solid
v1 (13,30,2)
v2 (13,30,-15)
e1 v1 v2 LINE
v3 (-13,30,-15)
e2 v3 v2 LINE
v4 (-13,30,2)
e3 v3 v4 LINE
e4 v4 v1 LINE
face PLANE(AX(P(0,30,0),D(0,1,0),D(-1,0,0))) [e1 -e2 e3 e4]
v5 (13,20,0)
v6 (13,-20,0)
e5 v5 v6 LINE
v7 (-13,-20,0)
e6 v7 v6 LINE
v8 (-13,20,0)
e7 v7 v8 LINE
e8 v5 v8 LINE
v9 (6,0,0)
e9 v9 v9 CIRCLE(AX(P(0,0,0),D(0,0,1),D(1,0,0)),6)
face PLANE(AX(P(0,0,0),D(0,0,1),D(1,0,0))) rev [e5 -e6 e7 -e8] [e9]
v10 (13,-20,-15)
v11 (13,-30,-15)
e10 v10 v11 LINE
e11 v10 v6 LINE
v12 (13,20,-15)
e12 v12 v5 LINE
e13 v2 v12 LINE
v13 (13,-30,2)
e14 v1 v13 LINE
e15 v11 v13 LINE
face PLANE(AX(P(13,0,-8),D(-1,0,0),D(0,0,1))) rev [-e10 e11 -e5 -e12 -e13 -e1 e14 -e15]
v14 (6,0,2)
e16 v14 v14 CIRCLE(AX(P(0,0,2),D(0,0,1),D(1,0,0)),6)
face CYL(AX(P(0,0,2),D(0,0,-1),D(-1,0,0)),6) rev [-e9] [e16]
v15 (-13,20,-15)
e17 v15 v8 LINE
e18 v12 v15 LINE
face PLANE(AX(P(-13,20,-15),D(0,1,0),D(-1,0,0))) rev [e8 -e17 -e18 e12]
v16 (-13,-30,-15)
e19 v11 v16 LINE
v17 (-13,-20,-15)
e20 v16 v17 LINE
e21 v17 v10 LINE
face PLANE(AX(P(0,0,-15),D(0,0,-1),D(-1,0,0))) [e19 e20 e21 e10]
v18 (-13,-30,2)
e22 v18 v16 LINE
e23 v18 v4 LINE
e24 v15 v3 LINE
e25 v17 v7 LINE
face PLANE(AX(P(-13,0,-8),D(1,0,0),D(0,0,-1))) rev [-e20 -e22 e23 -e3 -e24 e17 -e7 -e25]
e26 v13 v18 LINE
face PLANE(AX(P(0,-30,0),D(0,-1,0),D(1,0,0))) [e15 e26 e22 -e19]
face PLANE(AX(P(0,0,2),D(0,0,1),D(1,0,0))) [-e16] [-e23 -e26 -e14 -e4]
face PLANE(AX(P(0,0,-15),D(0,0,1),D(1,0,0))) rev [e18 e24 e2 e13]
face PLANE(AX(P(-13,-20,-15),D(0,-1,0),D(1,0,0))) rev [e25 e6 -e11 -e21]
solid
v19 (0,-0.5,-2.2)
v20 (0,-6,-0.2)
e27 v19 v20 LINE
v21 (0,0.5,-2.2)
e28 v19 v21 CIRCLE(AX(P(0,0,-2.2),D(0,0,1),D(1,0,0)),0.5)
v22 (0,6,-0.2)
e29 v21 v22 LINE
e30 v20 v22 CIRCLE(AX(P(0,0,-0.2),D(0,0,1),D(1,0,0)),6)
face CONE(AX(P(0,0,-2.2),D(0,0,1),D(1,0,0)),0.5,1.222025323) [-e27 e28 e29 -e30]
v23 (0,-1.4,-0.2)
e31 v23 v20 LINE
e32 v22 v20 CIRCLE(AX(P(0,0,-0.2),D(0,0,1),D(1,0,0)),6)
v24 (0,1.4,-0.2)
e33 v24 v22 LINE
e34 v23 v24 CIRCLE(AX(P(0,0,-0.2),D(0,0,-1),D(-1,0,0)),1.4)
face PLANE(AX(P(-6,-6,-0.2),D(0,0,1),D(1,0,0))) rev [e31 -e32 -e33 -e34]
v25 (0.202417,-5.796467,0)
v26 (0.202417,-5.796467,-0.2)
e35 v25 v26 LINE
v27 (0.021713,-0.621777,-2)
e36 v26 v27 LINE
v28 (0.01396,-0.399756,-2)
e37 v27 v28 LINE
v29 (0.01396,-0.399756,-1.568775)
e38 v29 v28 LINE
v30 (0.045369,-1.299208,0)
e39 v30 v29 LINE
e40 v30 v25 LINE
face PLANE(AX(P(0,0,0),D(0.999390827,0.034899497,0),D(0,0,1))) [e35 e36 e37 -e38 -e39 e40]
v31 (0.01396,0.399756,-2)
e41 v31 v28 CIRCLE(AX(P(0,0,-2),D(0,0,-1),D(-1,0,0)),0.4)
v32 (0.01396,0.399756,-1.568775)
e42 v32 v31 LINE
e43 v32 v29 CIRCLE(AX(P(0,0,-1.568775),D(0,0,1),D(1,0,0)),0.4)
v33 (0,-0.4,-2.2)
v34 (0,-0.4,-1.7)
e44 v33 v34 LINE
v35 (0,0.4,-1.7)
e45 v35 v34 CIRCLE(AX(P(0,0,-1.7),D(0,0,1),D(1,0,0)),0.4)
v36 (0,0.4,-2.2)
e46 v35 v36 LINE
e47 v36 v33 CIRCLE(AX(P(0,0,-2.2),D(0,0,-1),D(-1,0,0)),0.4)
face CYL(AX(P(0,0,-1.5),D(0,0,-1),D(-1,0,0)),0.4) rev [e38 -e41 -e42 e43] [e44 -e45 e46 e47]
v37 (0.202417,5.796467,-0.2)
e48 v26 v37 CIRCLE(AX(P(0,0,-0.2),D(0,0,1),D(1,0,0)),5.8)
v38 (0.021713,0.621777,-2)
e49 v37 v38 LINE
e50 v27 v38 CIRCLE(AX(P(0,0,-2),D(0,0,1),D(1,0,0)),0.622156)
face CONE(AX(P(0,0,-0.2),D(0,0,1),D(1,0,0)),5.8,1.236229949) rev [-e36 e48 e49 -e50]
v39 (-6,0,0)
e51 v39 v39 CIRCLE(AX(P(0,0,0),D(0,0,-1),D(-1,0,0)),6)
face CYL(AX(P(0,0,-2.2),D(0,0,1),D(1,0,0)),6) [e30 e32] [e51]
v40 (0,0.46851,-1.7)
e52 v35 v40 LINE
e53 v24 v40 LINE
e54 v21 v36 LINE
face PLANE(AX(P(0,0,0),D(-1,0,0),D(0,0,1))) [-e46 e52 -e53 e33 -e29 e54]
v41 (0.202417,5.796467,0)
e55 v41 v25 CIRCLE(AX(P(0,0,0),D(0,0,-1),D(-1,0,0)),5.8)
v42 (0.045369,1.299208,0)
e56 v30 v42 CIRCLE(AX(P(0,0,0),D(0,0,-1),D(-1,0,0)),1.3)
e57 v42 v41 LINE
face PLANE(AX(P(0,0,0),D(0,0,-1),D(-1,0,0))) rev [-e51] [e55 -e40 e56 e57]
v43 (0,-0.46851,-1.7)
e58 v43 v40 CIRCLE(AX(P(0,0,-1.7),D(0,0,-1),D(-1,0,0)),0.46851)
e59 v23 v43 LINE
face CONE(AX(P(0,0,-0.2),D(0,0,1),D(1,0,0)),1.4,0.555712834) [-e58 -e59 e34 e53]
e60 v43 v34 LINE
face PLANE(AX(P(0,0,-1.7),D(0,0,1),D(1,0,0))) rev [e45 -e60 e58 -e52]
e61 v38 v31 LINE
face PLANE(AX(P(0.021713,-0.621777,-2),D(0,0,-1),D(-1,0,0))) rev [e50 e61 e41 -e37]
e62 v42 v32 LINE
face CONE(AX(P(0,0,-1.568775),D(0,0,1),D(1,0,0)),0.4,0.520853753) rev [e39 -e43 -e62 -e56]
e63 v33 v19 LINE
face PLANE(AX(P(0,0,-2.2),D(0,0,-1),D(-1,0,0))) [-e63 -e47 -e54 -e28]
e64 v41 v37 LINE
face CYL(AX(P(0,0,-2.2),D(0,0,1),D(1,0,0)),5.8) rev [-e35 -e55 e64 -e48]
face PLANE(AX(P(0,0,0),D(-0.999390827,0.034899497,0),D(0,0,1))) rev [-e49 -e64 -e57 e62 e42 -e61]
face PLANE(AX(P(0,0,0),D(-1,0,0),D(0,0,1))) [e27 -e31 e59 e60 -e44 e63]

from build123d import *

# Parameters (mm, degrees)
SKETCH_1_W                    = 60
SKETCH_1_H                    = 26
SKETCH_1_R                    = 6
EXTRUDE_1_DEPTH               = 2
SKETCH_3_R                    = 6
EXTRUDE_3_DEPTH               = 2.2
SKETCH_5_W                    = 4.6
SKETCH_5_H                    = 2
CUT_EXTRUDE_1_DEPTH           = 6
SKETCH_7_R                    = 0.2
CUT_EXTRUDE_2_DEPTH           = 12
CUT_REVOLVE_4_ANGLE           = 90
CUT_REVOLVE_4_OTHER_WAY_ANGLE = 90
CUT_REVOLVE_5_ANGLE           = 90
CUT_REVOLVE_5_OTHER_WAY_ANGLE = 90
CUT_REVOLVE_6_ANGLE           = 88
CUT_REVOLVE_6_OTHER_WAY_ANGLE = 88
SKETCH_16_R                   = 0.4
CUT_EXTRUDE_4_DEPTH           = 0.7
SKETCH_20_W                   = 17
SKETCH_20_H                   = 26
CUT_EXTRUDE_5_DEPTH           = 10
SKETCH_21_W                   = 26
SKETCH_21_H                   = 2
EXTRUDE_4_DEPTH               = 17
SKETCH_22_W                   = 26
SKETCH_22_H                   = 2
EXTRUDE_6_DEPTH               = 17
SKETCH_23_W                   = 26
SKETCH_23_H                   = 10
EXTRUDE_7_DEPTH               = 15


with BuildPart() as part:
    # 草图1 → 凸台-拉伸1 (new body)
    with BuildSketch(Plane.XY):
        Rectangle(SKETCH_1_W, SKETCH_1_H)
        Circle(SKETCH_1_R, mode=Mode.SUBTRACT)
    extrude(amount=EXTRUDE_1_DEPTH)

    # 草图20 → 切除-拉伸5 (cut)
    with BuildSketch(Plane.XY.offset(2)):
        with Locations((-21.5, 0)):
            Rectangle(SKETCH_20_W, SKETCH_20_H)
        with Locations((21.5, 0)):
            Rectangle(SKETCH_20_W, SKETCH_20_H)
    extrude(amount=-CUT_EXTRUDE_5_DEPTH, mode=Mode.SUBTRACT)

    # 草图21 → 凸台-拉伸4 (add)
    with BuildSketch(Plane(origin=(0, 13, 0), x_dir=(1, 0, 0), z_dir=(0, 1, 0))):
        with Locations((0, -1)):
            Rectangle(SKETCH_21_W, SKETCH_21_H)
    extrude(amount=EXTRUDE_4_DEPTH)

    # 草图22 → 凸台-拉伸6 (add)
    with BuildSketch(Plane.XZ.offset(13)):
        with Locations((0, 1)):
            Rectangle(SKETCH_22_W, SKETCH_22_H)
    extrude(amount=EXTRUDE_6_DEPTH)

    # 草图23 → 凸台-拉伸7 (add)
    with BuildSketch(Plane(origin=(0, 0, 0), x_dir=(-1, 0, 0), z_dir=(0, 0, -1))):
        with Locations((0, 25)):
            Rectangle(SKETCH_23_W, SKETCH_23_H)
        with Locations((0, -25)):
            Rectangle(SKETCH_23_W, SKETCH_23_H)
    extrude(amount=EXTRUDE_7_DEPTH)


with BuildPart() as body_2:
    # 草图3 → 凸台-拉伸3 (new body)
    with BuildSketch(Plane(origin=(0, 0, 0), x_dir=(-1, 0, 0), z_dir=(0, 0, -1))):
        Circle(SKETCH_3_R)
    extrude(amount=EXTRUDE_3_DEPTH)

    # 草图5 → 切除-拉伸1 (cut, symmetric)
    with BuildSketch(Plane(origin=(0, 0, 0), x_dir=(1, 0, 0), z_dir=(0, 1, 0))):
        with Locations((-3.7, 1.2)):
            Rectangle(SKETCH_5_W, SKETCH_5_H)
    extrude(amount=CUT_EXTRUDE_1_DEPTH, both=True, mode=Mode.SUBTRACT)

    # 草图7 → 切除-拉伸2 (cut)
    with BuildSketch(Plane(origin=(0, 0, -2.2), x_dir=(-1, 0, 0), z_dir=(0, 0, -1))):
        Circle(SKETCH_7_R)
    extrude(amount=-CUT_EXTRUDE_2_DEPTH, mode=Mode.SUBTRACT)

    # 草图6 → 切除-旋转4 (revolve, cut)
    with BuildSketch(Plane(origin=(0, 0, 0), x_dir=(1, 0, 0), z_dir=(0, 1, 0))):
        Polygon((0.5, 2.2), (6, 2.2), (6, 0.2), align=None)
    revolve(axis=Axis((0, 0, 0), (0, 0, -1)), revolution_arc=CUT_REVOLVE_4_ANGLE, mode=Mode.SUBTRACT)

    # 草图6 → 切除-旋转4 other way (revolve, cut)
    with BuildSketch(Plane(origin=(0, 0, 0), x_dir=(1, 0, 0), z_dir=(0, 1, 0))):
        Polygon((0.5, 2.2), (6, 2.2), (6, 0.2), align=None)
    revolve(axis=Axis((0, 0, 0), (0, 0, 1)), revolution_arc=CUT_REVOLVE_4_OTHER_WAY_ANGLE, mode=Mode.SUBTRACT)

    # 草图9 → 切除-旋转5 (revolve, cut)
    with BuildSketch(Plane(origin=(0, 0, 0), x_dir=(1, 0, 0), z_dir=(0, 1, 0))):
        Polygon((-1.4, 2.2), (-6, 2.2), (-6, 0.2), (-1.4, 0.2), (-0.468510194, 1.7), (0, 1.7), (0, 2.2), align=None)
    revolve(axis=Axis((0, 0, -1.7), (0, 0, 1)), revolution_arc=CUT_REVOLVE_5_ANGLE, mode=Mode.SUBTRACT)

    # 草图9 → 切除-旋转5 other way (revolve, cut)
    with BuildSketch(Plane(origin=(0, 0, 0), x_dir=(1, 0, 0), z_dir=(0, 1, 0))):
        Polygon((-1.4, 2.2), (-6, 2.2), (-6, 0.2), (-1.4, 0.2), (-0.468510194, 1.7), (0, 1.7), (0, 2.2), align=None)
    revolve(axis=Axis((0, 0, -1.7), (0, 0, -1)), revolution_arc=CUT_REVOLVE_5_OTHER_WAY_ANGLE, mode=Mode.SUBTRACT)

    # 草图12 → 切除-旋转6 (revolve, cut)
    with BuildSketch(Plane(origin=(0, 0, 0), x_dir=(1, 0, 0), z_dir=(0, 1, 0))):
        Polygon((5.8, 0.2), (0.622155655, 2), (0.2, 2), (0.2, 0.2), (0.2, -0.434939874), (5.8, -0.434939874), align=None)
    revolve(axis=Axis((0, 0, -2.2), (0, 0, -1)), revolution_arc=CUT_REVOLVE_6_ANGLE, mode=Mode.SUBTRACT)

    # 草图12 → 切除-旋转6 other way (revolve, cut)
    with BuildSketch(Plane(origin=(0, 0, 0), x_dir=(1, 0, 0), z_dir=(0, 1, 0))):
        Polygon((5.8, 0.2), (0.622155655, 2), (0.2, 2), (0.2, 0.2), (0.2, -0.434939874), (5.8, -0.434939874), align=None)
    revolve(axis=Axis((0, 0, -2.2), (0, 0, 1)), revolution_arc=CUT_REVOLVE_6_OTHER_WAY_ANGLE, mode=Mode.SUBTRACT)

    # 草图16 → 切除-拉伸4 (cut)
    with BuildSketch(Plane(origin=(0, 0, -2.2), x_dir=(-1, 0, 0), z_dir=(0, 0, -1))):
        with Locations(Location((0, 0, 0), (0, 0, 270))):
            Circle(SKETCH_16_R)
    extrude(amount=-CUT_EXTRUDE_4_DEPTH, mode=Mode.SUBTRACT)

    # 草图19 → 切除-旋转8 (revolve, cut)
    with BuildSketch(Plane(origin=(0, 0, 0), x_dir=(1, 0, 0), z_dir=(0, 1, 0)), mode=Mode.PRIVATE) as cut_revolve_8_sk:
        Polygon((-0.4, 1.568775044), (0, 1.568775044), (0, 0), (-1.3, 0), align=None)
    revolve(cut_revolve_8_sk.sketch.rotate(Axis((0, 0, 0), (0, 0, 1)), 270), axis=Axis((0, 0, 0), (0, 0, 1)), mode=Mode.SUBTRACT)


solid = Compound([part.part, body_2.part])
